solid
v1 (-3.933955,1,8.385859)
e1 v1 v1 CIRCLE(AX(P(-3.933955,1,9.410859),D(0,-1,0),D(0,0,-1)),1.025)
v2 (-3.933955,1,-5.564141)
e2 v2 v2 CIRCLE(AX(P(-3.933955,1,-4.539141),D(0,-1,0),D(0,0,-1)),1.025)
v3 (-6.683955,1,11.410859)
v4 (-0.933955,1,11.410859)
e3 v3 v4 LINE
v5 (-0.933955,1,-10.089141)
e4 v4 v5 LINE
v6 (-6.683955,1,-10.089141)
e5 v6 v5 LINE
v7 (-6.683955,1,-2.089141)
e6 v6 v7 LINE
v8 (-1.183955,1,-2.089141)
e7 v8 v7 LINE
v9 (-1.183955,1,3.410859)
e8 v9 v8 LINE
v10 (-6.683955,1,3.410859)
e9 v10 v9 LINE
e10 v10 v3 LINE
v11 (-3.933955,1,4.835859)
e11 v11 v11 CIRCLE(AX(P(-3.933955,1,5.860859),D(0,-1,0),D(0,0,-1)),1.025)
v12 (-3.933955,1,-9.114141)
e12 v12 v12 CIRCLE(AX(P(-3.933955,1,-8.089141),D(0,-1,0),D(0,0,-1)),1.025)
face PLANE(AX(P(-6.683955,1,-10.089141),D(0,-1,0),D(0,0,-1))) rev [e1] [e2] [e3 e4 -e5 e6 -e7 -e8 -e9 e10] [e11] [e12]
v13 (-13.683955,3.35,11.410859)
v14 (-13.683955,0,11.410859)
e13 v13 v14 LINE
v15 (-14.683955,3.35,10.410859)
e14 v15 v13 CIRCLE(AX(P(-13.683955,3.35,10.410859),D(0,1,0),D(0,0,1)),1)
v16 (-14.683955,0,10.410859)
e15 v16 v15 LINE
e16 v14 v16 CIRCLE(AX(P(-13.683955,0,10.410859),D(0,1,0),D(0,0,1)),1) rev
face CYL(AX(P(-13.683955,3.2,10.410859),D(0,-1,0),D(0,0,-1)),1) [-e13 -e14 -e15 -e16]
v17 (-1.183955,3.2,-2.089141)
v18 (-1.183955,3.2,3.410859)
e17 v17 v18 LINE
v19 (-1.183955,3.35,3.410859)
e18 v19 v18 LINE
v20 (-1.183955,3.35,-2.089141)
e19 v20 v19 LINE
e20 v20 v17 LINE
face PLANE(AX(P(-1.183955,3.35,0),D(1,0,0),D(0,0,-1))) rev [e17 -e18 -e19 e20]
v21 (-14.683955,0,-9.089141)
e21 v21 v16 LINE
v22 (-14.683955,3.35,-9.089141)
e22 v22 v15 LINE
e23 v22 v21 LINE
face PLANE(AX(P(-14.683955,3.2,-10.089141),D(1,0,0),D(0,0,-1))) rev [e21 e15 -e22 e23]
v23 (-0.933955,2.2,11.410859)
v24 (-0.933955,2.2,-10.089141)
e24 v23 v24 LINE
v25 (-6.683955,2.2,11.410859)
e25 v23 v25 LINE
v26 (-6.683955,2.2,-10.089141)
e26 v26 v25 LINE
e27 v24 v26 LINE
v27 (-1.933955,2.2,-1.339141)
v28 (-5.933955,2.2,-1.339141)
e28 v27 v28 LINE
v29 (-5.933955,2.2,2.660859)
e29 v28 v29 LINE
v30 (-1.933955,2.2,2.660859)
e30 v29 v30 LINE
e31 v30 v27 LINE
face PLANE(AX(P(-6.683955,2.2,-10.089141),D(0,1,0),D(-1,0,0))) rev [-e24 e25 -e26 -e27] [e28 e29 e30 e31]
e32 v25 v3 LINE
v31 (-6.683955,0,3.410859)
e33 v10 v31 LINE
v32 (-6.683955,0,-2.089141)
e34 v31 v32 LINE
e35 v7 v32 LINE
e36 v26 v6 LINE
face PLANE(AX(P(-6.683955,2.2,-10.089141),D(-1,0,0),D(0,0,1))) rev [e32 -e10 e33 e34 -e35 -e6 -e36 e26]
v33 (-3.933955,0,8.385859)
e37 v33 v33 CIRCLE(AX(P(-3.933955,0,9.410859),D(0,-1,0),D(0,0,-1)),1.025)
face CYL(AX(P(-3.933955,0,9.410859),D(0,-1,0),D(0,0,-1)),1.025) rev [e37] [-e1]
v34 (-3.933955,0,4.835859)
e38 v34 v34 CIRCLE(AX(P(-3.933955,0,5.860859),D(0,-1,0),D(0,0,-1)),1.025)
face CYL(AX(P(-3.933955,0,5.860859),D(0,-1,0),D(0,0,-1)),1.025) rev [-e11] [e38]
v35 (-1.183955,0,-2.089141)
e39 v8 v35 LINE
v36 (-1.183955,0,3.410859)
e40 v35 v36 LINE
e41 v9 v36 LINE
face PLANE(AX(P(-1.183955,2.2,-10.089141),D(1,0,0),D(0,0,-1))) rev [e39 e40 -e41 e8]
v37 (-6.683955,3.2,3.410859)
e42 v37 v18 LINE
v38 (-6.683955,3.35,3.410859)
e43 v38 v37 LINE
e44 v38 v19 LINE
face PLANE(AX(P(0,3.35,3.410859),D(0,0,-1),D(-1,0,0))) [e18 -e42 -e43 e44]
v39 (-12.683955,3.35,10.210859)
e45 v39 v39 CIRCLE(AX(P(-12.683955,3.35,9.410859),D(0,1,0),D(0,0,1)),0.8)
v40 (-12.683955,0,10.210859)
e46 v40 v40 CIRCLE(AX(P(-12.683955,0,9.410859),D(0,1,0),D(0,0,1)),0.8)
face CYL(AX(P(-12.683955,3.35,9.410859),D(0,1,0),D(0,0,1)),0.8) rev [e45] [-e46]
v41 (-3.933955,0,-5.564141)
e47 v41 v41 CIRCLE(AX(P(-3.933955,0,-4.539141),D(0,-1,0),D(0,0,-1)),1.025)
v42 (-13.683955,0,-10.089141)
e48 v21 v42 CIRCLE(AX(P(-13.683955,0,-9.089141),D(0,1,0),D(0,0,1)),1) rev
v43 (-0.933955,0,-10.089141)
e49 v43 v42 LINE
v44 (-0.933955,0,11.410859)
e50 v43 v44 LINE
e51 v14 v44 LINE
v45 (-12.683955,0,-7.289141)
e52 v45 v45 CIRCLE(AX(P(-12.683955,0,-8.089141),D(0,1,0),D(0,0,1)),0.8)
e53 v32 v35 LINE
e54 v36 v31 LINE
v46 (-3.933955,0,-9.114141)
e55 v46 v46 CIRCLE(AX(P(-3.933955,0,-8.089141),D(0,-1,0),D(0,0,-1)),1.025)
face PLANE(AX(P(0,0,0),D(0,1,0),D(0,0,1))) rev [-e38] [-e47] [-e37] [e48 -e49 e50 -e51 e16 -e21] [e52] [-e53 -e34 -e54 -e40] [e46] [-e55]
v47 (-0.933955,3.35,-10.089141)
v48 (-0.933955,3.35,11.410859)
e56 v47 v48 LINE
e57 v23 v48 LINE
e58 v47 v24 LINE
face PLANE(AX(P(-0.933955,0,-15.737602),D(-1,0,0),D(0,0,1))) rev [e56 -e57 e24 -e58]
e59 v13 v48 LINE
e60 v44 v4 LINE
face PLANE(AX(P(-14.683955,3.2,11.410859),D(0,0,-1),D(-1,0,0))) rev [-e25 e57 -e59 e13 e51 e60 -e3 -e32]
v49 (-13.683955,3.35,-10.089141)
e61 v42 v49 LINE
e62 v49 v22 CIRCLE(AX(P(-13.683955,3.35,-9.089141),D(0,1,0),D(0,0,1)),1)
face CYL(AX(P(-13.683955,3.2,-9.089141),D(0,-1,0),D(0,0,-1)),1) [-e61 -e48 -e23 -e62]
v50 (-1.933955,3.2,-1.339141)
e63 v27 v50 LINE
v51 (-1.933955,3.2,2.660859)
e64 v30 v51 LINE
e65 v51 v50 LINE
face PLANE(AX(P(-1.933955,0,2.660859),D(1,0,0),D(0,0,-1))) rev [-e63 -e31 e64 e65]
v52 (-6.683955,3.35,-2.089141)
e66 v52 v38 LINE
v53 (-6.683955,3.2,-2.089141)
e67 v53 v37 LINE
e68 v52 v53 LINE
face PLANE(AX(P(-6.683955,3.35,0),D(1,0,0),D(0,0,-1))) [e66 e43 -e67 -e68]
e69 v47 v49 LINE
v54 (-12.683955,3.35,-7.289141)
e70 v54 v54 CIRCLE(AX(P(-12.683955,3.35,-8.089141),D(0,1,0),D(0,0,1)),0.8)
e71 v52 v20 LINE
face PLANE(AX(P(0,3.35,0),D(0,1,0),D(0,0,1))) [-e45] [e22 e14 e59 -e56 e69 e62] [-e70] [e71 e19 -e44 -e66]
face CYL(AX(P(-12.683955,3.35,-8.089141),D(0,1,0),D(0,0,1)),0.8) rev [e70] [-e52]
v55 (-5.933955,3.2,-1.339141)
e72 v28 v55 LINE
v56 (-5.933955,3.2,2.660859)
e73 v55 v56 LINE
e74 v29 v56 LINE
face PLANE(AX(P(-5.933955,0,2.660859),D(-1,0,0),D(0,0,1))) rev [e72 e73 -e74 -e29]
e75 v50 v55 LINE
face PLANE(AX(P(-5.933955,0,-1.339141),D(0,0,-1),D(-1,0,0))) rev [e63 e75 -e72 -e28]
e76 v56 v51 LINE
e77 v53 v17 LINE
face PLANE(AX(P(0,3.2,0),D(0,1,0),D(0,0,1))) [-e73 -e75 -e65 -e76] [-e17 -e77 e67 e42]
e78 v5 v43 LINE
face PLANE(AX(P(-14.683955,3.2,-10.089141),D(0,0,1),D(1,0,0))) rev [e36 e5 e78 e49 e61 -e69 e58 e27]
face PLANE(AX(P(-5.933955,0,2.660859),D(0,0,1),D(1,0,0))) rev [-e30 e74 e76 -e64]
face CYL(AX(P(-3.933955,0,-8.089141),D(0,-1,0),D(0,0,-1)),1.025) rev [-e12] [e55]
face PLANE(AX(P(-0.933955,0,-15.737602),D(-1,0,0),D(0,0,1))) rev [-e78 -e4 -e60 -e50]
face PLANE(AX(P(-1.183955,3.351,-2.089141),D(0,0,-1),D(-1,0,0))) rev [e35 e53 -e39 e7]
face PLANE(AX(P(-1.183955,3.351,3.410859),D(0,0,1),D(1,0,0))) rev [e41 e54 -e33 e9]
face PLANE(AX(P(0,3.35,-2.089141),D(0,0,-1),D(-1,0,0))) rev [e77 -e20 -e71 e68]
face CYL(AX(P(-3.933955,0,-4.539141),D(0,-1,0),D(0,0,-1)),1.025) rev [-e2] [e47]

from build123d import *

# Parameters (mm, degrees)
SKETCH1_W                          = 21.5
SKETCH1_H                          = 21.5
BOSS_EXTRUDE1_DEPTH                = 3.2
SKETCH2_W                          = 5.5
SKETCH2_H                          = 1.2
CUT_EXTRUDE1_DEPTH                 = 27.231822721
SKETCH3_W                          = 21.5
SKETCH3_H                          = 21.5
SKETCH3_W_2                        = 5.5
SKETCH3_H_2                        = 5.5
BOSS_EXTRUDE2_DEPTH                = 0.15
SKETCH11_W                         = 4
SKETCH11_H                         = 4
CUT_EXTRUDE2_DEPTH                 = 19.869717175
TAP_DRILL_FOR_M2X0_4_TAP3_D        = 1.6
TAP_DRILL_FOR_M2_5X0_45_TAP1_D     = 2.05
TAP_DRILL_FOR_M2_5X0_45_TAP1_DEPTH = 1
CUT_EXTRUDE3_REACH                 = 20.896
SKETCH18_W                         = 5.5
SKETCH18_H                         = 5.5
FILLET3_R                          = 1
SKETCH21_W                         = 13.124555245
SKETCH21_H                         = 35.298127434
CUT_EXTRUDE8_DEPTH                 = 19.895733017
SKETCH22_W                         = 0.25
SKETCH22_H                         = 1.2
CUT_EXTRUDE9_DEPTH                 = 27.250543295


with BuildPart() as part:
    # Sketch1 → Boss-Extrude1 (new body)
    with BuildSketch(Plane(origin=(0, 0, 0), x_dir=(1, 0, 0), z_dir=(0, 1, 0))):
        with Locations((-3.933954619, -0.660858995)):
            Rectangle(SKETCH1_W, SKETCH1_H)
    extrude(amount=BOSS_EXTRUDE1_DEPTH)

    # Sketch2 → Cut-Extrude1 (cut, through all)
    with BuildSketch(Plane.XY.offset(11.410858995)):
        with Locations((-3.933954619, 1.6)):
            Rectangle(SKETCH2_W, SKETCH2_H)
    extrude(amount=-CUT_EXTRUDE1_DEPTH, mode=Mode.SUBTRACT)

    # Sketch3 → Boss-Extrude2 (add)
    with BuildSketch(Plane(origin=(0, 3.2, 0), x_dir=(1, 0, 0), z_dir=(0, 1, 0))):
        with Locations((-3.933954619, -0.660858995)):
            Rectangle(SKETCH3_W, SKETCH3_H)
        with Locations((-3.933954619, -0.660858995)):
            Rectangle(SKETCH3_W_2, SKETCH3_H_2, mode=Mode.SUBTRACT)
    extrude(amount=BOSS_EXTRUDE2_DEPTH)

    # Sketch11 → Cut-Extrude2 (cut, through all)
    with BuildSketch(Plane(origin=(0, 3.2, 0), x_dir=(1, 0, 0), z_dir=(0, 1, 0))):
        with Locations((-3.933954619, -0.660858995)):
            Rectangle(SKETCH11_W, SKETCH11_H)
    extrude(amount=-CUT_EXTRUDE2_DEPTH, mode=Mode.SUBTRACT)

    # Tap Drill for M2x0.4 Tap3 (through all)
    with Locations(Plane(origin=(0, 3.35, 0), x_dir=(1, 0, 0), z_dir=(0, 1, 0))):
        with Locations((-12.683954619, 8.089141005), (4.816045381, 8.089141005), (4.816045381, -9.410858995), (-12.683954619, -9.410858995)):
            Hole(TAP_DRILL_FOR_M2X0_4_TAP3_D / 2)

    # Tap Drill for M2.5x0.45 Tap1
    with Locations(Plane(origin=(0, 0, 0), x_dir=(-1, 0, 0), z_dir=(0, -1, 0))):
        with Locations((3.933954619, 8.089141005), (3.933954619, -9.410858995), (3.933954619, 4.539141005), (3.933954619, -5.860858995)):
            Hole(TAP_DRILL_FOR_M2_5X0_45_TAP1_D / 2, depth=TAP_DRILL_FOR_M2_5X0_45_TAP1_DEPTH)

    # Sketch18 → Cut-Extrude3 (cut, up to next)
    with BuildSketch(Plane.XZ, mode=Mode.PRIVATE) as cut_extrude3_sk1:
        with Locations((-3.933954619, 0.660858995)):
            Rectangle(SKETCH18_W, SKETCH18_H)
    cut_extrude3_tool1 = extrude(cut_extrude3_sk1.sketch, amount=-CUT_EXTRUDE3_REACH, mode=Mode.PRIVATE) & part.part
    add(cut_extrude3_tool1.solids().sort_by_distance((-3.933955, 0, 0.660859))[0], mode=Mode.SUBTRACT)

    # Fillet3
    fillet3_edges = [part.edges().sort_by_distance(p)[0] for p in [
        (-14.683954619, 1.675, -10.089141005),
        (6.816045381, 1.675, -10.089141005),
        (6.816045381, 1.675, 11.410858995),
        (-14.683954619, 1.675, 11.410858995),
    ]]
    fillet(fillet3_edges, radius=FILLET3_R)

    # Sketch21 → Cut-Extrude8 (cut, through all)
    with BuildSketch(Plane(origin=(0, 3.35, 0), x_dir=(1, 0, 0), z_dir=(0, 1, 0))):
        with Locations((5.628323004, -1.911462044)):
            Rectangle(SKETCH21_W, SKETCH21_H)
    extrude(amount=-CUT_EXTRUDE8_DEPTH, mode=Mode.SUBTRACT)

    # Sketch22 → Cut-Extrude9 (cut, through all)
    with BuildSketch(Plane(origin=(0, 0, -10.089141005), x_dir=(-1, 0, 0), z_dir=(0, 0, -1))):
        with Locations((1.058954619, 1.6)):
            Rectangle(SKETCH22_W, SKETCH22_H)
    extrude(amount=-CUT_EXTRUDE9_DEPTH, mode=Mode.SUBTRACT)


solid = part.part
